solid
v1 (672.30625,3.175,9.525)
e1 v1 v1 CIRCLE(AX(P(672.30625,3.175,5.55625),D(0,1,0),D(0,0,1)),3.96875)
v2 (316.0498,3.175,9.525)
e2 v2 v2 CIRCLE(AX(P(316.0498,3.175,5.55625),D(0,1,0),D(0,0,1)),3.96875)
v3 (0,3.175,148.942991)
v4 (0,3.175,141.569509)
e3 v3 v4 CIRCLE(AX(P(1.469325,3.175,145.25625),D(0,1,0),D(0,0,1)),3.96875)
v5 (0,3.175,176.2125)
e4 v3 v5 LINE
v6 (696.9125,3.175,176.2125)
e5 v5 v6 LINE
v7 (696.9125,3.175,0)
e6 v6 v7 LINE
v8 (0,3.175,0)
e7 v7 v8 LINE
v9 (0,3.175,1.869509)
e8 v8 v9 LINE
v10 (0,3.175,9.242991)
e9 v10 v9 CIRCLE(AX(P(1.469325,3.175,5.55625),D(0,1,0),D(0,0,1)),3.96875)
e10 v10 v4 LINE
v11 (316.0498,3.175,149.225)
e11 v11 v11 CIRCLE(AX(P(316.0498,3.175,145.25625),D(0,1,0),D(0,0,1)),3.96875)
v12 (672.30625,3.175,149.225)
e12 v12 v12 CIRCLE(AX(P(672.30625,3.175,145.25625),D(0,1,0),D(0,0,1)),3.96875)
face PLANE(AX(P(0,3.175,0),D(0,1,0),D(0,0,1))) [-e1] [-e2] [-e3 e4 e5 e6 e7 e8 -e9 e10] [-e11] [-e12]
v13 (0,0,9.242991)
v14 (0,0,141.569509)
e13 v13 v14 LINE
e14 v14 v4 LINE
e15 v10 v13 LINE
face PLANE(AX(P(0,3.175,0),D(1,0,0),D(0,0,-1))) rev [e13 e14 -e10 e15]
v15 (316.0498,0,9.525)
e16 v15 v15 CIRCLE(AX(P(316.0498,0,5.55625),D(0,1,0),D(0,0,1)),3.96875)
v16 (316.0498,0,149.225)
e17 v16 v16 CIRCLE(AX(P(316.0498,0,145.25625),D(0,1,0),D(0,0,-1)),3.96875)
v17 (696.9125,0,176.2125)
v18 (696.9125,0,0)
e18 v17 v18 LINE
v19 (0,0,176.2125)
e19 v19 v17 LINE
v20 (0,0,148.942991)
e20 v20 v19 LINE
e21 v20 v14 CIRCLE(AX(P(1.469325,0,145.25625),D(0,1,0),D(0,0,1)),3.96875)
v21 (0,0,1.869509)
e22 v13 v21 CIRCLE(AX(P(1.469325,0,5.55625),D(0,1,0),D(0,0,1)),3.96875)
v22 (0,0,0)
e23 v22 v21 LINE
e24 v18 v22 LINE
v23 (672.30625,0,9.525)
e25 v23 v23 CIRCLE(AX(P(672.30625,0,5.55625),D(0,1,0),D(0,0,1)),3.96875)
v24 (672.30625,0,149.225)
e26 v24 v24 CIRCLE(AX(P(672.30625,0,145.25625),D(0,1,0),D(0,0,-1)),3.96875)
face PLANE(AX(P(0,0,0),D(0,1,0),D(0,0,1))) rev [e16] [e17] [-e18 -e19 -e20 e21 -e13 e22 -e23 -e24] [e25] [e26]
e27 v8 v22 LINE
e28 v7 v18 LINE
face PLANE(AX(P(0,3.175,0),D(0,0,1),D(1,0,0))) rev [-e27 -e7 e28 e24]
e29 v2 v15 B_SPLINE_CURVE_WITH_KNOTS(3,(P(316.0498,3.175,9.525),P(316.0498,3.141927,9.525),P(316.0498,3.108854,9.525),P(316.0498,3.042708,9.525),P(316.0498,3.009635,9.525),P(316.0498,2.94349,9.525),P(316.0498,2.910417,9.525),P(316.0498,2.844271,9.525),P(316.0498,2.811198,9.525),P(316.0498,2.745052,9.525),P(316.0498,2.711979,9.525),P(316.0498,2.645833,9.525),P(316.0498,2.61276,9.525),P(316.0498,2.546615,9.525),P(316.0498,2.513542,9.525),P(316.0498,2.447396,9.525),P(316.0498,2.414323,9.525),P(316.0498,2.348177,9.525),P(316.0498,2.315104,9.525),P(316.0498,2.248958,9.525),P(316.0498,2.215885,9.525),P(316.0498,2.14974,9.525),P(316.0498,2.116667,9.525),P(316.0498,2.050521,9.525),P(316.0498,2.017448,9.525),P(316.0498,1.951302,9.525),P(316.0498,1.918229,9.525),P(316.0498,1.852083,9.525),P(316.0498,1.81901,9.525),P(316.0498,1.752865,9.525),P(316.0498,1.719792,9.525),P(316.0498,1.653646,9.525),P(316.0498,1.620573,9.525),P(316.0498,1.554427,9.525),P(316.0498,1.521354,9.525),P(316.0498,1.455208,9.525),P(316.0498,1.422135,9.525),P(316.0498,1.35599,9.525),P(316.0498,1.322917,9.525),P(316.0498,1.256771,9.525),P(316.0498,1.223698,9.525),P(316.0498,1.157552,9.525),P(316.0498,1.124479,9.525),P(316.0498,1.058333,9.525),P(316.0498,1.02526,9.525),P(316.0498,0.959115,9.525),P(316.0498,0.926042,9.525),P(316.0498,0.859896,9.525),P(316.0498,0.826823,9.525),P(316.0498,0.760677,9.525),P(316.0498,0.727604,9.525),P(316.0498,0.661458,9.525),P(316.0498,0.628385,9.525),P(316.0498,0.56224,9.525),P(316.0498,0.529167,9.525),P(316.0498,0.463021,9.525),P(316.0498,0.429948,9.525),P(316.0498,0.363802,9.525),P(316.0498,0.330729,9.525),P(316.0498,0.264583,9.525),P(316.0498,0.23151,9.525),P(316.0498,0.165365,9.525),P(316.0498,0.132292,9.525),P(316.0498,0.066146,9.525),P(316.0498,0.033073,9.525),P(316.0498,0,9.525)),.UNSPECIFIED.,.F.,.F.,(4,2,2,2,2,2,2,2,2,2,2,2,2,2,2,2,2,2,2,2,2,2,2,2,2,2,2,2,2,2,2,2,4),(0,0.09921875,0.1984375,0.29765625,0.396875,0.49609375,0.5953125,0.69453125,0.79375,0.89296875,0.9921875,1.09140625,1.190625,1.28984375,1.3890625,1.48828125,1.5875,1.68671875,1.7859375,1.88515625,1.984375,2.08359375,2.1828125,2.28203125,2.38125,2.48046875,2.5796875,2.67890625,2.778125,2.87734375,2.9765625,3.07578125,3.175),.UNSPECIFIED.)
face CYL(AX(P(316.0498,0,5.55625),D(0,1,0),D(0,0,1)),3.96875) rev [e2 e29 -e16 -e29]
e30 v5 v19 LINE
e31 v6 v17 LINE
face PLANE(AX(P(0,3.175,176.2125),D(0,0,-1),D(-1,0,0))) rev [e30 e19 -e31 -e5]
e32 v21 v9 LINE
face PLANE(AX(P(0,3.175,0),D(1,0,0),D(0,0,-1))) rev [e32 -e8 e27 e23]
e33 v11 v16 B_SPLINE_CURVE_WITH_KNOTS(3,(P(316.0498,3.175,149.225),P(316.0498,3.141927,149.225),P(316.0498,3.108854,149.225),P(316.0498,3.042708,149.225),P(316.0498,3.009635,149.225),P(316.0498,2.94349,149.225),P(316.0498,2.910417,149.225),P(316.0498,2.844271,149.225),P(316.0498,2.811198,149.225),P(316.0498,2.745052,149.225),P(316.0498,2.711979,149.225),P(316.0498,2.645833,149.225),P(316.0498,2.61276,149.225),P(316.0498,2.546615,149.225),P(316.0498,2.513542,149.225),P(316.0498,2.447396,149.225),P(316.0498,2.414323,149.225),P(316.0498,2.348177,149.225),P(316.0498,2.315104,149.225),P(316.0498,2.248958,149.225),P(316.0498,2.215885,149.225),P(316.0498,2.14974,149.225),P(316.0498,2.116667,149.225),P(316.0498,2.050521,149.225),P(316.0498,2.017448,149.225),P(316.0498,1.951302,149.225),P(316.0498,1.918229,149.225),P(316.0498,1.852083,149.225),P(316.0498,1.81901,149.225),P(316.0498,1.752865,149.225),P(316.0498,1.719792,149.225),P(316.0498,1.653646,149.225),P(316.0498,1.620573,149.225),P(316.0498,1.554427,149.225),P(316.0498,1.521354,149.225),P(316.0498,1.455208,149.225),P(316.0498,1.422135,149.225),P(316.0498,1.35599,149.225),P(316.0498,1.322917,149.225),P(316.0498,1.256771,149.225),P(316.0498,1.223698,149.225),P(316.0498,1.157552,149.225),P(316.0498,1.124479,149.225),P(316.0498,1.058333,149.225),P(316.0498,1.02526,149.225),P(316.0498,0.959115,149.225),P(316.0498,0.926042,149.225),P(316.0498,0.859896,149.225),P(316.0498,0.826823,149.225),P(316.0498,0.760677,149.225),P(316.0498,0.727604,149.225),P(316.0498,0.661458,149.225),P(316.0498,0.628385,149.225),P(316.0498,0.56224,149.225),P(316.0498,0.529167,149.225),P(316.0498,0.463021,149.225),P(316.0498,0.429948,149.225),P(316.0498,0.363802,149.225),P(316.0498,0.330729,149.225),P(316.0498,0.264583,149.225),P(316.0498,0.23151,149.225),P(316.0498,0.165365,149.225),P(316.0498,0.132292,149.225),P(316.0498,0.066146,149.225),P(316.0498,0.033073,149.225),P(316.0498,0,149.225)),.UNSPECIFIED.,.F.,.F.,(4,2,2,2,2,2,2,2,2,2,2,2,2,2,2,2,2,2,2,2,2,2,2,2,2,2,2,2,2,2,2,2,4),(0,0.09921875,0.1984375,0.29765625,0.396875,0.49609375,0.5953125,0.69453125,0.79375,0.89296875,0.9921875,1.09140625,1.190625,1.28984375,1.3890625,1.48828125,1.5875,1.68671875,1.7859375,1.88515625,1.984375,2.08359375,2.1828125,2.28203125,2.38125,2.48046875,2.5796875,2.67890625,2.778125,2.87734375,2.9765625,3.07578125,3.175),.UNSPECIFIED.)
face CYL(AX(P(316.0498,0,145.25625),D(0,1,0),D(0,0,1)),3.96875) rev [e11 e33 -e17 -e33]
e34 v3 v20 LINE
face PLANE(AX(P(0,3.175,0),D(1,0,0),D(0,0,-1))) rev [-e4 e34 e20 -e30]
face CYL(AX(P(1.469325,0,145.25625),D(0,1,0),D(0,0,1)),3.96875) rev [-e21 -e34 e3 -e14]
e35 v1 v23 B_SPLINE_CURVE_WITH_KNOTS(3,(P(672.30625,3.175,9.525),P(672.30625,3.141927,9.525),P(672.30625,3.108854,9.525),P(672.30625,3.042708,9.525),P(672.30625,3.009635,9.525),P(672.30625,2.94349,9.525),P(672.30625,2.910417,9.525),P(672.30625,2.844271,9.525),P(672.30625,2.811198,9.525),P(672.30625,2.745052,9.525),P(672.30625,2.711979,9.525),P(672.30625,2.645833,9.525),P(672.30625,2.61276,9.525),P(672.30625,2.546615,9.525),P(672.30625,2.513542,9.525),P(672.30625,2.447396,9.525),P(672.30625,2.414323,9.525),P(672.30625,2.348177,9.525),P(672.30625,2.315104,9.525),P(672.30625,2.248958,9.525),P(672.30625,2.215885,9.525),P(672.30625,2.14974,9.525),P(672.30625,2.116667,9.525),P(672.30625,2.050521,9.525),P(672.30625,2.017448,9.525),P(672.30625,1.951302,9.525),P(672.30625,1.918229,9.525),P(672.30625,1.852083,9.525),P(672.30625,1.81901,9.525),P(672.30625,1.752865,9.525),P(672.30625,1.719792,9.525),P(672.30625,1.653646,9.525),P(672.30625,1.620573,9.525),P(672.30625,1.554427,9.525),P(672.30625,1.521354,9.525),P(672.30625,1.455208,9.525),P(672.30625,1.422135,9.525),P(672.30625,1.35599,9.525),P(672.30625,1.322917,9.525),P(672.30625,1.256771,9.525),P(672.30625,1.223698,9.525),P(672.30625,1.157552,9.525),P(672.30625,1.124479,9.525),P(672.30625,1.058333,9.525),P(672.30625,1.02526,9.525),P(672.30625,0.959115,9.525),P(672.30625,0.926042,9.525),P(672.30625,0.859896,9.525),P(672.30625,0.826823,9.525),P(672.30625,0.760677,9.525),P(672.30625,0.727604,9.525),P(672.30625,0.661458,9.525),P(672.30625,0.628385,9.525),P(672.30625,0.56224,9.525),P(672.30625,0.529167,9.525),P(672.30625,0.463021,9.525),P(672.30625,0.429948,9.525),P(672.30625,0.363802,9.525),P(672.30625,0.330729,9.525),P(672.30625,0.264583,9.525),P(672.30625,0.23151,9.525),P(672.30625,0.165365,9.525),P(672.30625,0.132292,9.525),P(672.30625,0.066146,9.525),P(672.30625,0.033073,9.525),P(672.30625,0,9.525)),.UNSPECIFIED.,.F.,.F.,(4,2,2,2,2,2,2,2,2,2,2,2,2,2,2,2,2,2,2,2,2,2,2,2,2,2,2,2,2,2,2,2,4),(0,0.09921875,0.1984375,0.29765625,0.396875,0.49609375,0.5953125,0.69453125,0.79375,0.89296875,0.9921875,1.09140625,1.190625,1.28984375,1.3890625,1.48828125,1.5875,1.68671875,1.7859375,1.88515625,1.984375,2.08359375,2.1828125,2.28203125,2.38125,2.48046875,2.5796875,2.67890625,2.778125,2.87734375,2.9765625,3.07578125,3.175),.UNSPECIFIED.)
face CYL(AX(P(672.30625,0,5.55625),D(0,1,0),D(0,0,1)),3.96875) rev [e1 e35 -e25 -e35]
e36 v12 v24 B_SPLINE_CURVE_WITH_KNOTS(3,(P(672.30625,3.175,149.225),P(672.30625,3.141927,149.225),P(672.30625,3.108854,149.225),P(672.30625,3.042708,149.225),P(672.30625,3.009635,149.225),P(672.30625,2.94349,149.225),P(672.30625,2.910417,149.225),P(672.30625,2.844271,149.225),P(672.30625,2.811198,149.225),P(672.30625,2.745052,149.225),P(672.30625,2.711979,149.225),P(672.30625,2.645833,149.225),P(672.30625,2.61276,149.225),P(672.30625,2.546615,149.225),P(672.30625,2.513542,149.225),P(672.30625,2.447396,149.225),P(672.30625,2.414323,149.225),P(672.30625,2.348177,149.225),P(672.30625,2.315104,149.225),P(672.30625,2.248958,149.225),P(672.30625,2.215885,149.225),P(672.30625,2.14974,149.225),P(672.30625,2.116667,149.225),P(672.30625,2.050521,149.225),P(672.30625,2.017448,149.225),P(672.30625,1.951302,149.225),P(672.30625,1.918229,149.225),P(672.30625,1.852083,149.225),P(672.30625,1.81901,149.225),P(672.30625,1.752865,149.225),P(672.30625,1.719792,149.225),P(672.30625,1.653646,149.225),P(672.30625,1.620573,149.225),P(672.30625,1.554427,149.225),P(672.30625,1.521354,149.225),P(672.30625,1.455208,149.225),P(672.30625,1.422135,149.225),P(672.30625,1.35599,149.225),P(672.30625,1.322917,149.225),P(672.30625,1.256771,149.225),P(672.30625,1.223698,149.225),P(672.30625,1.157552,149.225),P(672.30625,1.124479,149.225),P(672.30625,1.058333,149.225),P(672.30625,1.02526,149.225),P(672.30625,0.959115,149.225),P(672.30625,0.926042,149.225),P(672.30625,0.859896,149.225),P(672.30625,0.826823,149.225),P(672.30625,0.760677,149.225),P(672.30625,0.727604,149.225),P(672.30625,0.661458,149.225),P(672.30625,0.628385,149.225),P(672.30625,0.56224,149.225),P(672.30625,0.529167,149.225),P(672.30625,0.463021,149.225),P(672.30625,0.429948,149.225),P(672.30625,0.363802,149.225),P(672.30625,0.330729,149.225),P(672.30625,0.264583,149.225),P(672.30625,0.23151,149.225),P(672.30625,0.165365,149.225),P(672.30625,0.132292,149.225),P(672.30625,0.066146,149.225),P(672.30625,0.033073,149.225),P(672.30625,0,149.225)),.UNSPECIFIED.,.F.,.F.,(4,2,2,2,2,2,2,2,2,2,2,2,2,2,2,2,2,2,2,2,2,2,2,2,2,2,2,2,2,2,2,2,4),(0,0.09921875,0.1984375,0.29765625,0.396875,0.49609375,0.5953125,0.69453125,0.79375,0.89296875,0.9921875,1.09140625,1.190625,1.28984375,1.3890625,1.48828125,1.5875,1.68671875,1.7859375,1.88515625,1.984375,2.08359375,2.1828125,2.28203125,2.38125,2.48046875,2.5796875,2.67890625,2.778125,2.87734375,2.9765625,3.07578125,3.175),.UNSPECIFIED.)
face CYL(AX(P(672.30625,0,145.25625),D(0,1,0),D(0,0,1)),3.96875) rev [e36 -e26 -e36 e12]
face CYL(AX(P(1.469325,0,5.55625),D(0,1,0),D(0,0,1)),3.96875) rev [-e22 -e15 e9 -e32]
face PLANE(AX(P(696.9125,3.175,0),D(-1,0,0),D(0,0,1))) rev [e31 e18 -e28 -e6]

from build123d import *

# Parameters (mm, degrees)
SKETCH1_W               = 696.9125
SKETCH1_H               = 176.2125
BOSS_EXTRUDE1_DEPTH     = 3.175
CUT_EXTRUDE1_DEPTH      = 400.067894833
CUT_EXTRUDE1_DEPTH_BACK = 400.067894833
SKETCH2_R               = 3.96875


with BuildPart() as part:
    # Sketch1 → Boss-Extrude1 (new body)
    with BuildSketch(Plane(origin=(0, 0, 0), x_dir=(1, 0, 0), z_dir=(0, 1, 0))):
        with Locations((348.45625, -88.10625)):
            Rectangle(SKETCH1_W, SKETCH1_H)
    extrude(amount=BOSS_EXTRUDE1_DEPTH)

    # Sketch2 → Cut-Extrude1 (cut, two sides: drawn at the far end of the back side and taken through both)
    with BuildSketch(Plane(origin=(312.141503281, 3.175, 70.399532245), x_dir=(1, 0, 0), z_dir=(0, 1, 0)).offset(-CUT_EXTRUDE1_DEPTH_BACK)):
        with Locations(Location((360.164746719, 64.843282245, 0), (0, 0, 270))):
            Circle(SKETCH2_R)
        with Locations(Location((360.164746719, -74.856717755, 0), (0, 0, 270))):
            Circle(SKETCH2_R)
        with Locations(Location((3.908296933, 64.843282245, 0), (0, 0, 270))):
            Circle(SKETCH2_R)
        with Locations((-310.672178196, 64.843282245)):
            Circle(SKETCH2_R)
        with Locations(Location((3.908296933, -74.856717755, 0), (0, 0, 270))):
            Circle(SKETCH2_R)
        with Locations((-310.672178196, -74.856717755)):
            Circle(SKETCH2_R)
    extrude(amount=CUT_EXTRUDE1_DEPTH + CUT_EXTRUDE1_DEPTH_BACK, mode=Mode.SUBTRACT)


solid = part.part
